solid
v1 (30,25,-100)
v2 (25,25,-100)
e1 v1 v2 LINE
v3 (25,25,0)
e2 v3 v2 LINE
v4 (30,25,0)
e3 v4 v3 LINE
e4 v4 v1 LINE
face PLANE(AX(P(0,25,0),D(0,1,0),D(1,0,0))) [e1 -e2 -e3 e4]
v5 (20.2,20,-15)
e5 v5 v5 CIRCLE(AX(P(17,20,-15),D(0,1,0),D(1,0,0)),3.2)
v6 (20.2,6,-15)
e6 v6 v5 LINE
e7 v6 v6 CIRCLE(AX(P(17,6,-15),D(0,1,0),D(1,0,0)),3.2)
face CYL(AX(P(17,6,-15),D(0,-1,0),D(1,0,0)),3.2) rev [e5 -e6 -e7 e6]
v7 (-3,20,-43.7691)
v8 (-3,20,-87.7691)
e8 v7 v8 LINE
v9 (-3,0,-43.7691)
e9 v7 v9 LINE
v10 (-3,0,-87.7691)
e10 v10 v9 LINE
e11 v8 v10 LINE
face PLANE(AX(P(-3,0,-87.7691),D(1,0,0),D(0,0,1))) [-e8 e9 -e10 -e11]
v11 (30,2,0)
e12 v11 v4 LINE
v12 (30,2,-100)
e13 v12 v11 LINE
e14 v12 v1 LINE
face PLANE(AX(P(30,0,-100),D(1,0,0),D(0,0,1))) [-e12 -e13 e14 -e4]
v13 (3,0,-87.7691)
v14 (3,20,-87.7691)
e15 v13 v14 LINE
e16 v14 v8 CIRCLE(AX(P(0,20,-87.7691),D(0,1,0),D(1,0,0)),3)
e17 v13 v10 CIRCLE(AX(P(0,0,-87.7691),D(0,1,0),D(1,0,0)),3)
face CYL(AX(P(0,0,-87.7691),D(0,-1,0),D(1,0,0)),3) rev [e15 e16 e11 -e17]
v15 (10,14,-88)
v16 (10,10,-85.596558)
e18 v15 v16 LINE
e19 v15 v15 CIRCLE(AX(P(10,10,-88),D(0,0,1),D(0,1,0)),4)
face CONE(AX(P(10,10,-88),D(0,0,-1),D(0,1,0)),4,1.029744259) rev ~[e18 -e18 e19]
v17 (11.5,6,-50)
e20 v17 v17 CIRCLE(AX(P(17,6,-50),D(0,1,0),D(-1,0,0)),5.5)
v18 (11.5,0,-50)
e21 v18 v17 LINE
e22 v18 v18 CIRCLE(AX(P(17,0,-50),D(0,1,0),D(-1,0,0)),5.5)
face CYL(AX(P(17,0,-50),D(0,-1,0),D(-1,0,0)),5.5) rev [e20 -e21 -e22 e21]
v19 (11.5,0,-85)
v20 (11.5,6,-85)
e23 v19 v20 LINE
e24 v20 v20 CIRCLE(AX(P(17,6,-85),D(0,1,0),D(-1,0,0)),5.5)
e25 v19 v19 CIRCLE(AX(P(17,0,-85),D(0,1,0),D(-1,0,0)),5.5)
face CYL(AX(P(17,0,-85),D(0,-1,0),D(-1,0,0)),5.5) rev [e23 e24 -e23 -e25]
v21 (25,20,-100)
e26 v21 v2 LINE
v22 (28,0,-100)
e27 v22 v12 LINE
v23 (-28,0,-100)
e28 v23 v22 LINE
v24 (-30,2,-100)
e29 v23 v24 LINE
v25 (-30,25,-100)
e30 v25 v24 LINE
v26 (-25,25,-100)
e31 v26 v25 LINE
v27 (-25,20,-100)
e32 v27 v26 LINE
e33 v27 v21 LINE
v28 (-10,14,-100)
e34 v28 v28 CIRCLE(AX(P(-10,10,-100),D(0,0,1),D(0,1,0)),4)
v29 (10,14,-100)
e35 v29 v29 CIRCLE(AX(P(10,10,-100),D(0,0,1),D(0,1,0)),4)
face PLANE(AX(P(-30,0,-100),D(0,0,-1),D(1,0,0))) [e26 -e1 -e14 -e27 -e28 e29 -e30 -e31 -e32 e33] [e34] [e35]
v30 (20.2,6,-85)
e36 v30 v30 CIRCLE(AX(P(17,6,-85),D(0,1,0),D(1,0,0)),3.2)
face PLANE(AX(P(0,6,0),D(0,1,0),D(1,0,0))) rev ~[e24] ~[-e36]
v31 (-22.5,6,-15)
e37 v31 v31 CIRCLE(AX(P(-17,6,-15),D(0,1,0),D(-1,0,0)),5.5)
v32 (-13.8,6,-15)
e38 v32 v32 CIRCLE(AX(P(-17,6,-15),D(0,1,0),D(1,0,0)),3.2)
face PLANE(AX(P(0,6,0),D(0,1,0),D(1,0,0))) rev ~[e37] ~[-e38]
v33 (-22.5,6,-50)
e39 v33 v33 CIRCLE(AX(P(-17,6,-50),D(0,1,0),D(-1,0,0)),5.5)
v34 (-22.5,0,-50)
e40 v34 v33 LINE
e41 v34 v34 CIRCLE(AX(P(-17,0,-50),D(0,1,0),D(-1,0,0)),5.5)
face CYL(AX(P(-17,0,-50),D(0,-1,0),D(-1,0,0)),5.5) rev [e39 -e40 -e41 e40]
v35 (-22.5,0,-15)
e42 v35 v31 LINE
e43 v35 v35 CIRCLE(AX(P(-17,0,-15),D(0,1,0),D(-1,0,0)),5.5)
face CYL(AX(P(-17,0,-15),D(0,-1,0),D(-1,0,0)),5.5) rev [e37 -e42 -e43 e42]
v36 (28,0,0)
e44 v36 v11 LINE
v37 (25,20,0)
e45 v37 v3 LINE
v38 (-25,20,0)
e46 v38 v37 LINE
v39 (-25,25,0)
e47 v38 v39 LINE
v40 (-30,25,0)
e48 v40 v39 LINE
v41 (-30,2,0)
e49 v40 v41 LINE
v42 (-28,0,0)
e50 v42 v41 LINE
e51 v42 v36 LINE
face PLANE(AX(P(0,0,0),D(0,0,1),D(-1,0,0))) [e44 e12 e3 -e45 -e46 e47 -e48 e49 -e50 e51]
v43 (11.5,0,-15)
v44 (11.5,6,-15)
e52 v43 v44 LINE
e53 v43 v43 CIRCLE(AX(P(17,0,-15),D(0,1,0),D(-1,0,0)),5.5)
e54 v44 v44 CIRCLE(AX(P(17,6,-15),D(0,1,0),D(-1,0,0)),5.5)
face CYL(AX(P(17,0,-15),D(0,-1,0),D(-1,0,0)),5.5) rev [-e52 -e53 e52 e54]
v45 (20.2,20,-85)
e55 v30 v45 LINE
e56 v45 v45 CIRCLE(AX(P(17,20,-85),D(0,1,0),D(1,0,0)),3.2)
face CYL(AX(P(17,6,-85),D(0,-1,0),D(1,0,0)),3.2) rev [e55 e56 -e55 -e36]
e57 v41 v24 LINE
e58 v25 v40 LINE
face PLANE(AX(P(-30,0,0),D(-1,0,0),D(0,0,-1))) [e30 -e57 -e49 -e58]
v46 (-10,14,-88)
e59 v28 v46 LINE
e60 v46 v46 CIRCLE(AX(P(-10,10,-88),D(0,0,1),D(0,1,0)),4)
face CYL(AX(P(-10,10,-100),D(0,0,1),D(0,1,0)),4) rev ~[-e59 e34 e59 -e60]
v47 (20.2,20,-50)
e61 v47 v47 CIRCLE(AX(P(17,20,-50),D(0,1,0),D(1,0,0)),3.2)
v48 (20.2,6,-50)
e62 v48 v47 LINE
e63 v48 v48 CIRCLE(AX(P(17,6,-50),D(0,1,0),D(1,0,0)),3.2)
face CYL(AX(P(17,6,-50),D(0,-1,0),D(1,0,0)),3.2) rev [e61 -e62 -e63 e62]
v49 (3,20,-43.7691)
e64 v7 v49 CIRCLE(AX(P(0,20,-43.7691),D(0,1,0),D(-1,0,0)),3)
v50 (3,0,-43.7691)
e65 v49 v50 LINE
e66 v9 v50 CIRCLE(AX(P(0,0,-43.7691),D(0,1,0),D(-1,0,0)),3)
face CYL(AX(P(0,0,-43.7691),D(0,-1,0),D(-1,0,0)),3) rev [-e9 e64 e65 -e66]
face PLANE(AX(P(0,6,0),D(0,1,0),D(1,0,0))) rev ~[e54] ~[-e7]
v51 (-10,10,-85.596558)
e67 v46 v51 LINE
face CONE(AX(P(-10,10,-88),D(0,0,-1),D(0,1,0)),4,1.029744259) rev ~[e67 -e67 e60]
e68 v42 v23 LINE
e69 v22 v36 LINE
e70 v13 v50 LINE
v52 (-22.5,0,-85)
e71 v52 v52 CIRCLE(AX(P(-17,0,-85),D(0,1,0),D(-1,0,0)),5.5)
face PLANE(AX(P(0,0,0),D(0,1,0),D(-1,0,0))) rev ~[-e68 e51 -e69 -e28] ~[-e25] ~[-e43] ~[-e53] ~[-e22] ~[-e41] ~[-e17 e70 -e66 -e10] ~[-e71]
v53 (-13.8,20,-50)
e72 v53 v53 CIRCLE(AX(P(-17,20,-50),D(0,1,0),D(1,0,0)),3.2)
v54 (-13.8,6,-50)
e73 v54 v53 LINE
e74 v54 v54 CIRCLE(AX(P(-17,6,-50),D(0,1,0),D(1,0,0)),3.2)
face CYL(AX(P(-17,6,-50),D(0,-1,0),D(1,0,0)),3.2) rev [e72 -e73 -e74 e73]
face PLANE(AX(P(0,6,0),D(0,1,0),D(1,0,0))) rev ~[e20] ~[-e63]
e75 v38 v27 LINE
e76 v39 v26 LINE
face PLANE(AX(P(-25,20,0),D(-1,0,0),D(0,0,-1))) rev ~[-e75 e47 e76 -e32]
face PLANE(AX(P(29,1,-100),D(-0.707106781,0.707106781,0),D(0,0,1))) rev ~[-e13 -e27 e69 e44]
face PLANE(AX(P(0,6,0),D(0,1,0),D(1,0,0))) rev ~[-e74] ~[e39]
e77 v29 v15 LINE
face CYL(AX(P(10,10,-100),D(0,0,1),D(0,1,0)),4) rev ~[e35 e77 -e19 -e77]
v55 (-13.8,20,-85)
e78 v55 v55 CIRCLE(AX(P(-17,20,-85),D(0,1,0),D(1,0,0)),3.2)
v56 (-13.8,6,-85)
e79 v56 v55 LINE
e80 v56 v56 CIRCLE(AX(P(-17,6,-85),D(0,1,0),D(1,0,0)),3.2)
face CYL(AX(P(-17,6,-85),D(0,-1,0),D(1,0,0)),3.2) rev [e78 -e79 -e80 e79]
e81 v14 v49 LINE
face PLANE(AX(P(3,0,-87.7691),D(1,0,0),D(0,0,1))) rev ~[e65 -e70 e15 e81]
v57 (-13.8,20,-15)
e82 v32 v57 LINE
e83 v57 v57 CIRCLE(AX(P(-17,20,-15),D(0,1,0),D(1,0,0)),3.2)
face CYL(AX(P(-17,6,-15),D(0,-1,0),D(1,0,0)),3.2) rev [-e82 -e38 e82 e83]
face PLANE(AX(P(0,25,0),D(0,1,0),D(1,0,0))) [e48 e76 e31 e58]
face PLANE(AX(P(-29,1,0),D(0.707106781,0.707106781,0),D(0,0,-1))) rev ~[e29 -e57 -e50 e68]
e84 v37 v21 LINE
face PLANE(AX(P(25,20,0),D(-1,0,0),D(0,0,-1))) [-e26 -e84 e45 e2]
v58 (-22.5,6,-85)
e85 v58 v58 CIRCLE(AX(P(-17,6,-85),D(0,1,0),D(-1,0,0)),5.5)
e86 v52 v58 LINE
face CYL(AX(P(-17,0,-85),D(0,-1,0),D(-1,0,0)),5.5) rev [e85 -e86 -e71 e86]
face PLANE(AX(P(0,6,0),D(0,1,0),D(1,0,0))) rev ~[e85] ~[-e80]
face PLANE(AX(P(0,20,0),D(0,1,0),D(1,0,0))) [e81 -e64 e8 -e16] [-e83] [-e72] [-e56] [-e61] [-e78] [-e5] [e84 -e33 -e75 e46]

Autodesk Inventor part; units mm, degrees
ref_plane "YZ Plane" through (0, 0, 0) normal (1, 0, 0) x (0, 1, 0)
ref_plane "XZ Plane" through (0, 0, 0) normal (0, 1, 0) x (-1, 0, 0)
ref_plane "XY Plane" through (0, 0, 0) normal (0, 0, 1) x (1, 0, 0)
sketch "Sketch1" plane through (0, 0, 0) normal (0, 1, 0) x (-1, 0, 0)
  line L0 (0, 0) -> (-30, 0)
  line L1 (0, 0) -> (30, 0)
  line L2 (30, 0) -> (30, -100)
  line L3 (30, -100) -> (-30, -100)
  line L4 (-30, -100) -> (-30, 0)
  circle A0 centre (17, -85) radius 5.5
  circle A1 centre (17, -50) radius 5.5
  circle A2 centre (17, -15) radius 5.5
  circle A3 centre (-17, -15) radius 5.5
  circle A4 centre (-17, -50) radius 5.5
  circle A5 centre (-17, -85) radius 5.5
  arc A6 (-3, -87.7691) -> (3, -87.7691) centre (0, -87.7691) ccw
  arc A7 (3, -43.7691) -> (-3, -43.7691) centre (0, -43.7691) ccw
  line L5 (3, -87.7691) -> (3, -43.7691)
  line L6 (-3, -87.7691) -> (-3, -43.7691)
  dimension "d0" = 30
  dimension "d1" = 30
  dimension "d2" = 100
  dimension "d3" = 11
  dimension "d4" = 11
  dimension "d5" = 11
  dimension "d6" = 11
  dimension "d7" = 11
  dimension "d8" = 11
  dimension "d9" = 15
  dimension "d10" = 35
  dimension "d11" = 70
  dimension "d12" = 13
  dimension "d13" = 6
  dimension "d14" = 6
  dimension "d15" = 44
  dimension "d16" = 13
extrude "Extrusion1" add sketch "Sketch1" along normal blind 6
sketch "Sketch2" plane through (0, 6, 0) normal (0, 1, 0) x (1, 0, 0)
  line L0 (-30, 100) -> (-30, 0) projected
  line L1 (30, 0) -> (30, 100) projected
  line L2 (-30, 100) -> (30, 100)
  line L3 (30, 100) -> (30, 0)
  line L4 (-30, 0) -> (30, 0) projected
  line L5 (-30, 0) -> (-30, 100)
  circle A0 centre (-17, 85) radius 3.2
  circle A1 centre (-17, 15) radius 3.2
  circle A2 centre (17, 15) radius 3.2
  circle A3 centre (17, 50) radius 3.2
  circle A4 centre (17, 85) radius 3.2
  circle A5 centre (-17, 50) radius 3.2
  line L6 (-3, 43.7691) -> (-3, 87.7691) projected
  line L7 (-3, 87.7691) -> (-3, 43.7691)
  line L8 (3, 87.7691) -> (3, 43.7691) projected
  line L9 (3, 87.7691) -> (3, 43.7691)
  arc A6 (3, 87.7691) -> (-3, 87.7691) centre (0, 87.7691) ccw
  arc A7 (-3, 43.7691) -> (3, 43.7691) centre (0, 43.7691) ccw projected
  arc A8 (-3, 43.7691) -> (3, 43.7691) centre (0, 43.7691) ccw
  point P0 (0, 0)
  dimension "d19" = 6.4
  dimension "d21" = 6.4
  dimension "d22" = 6.4
  dimension "d23" = 6.4
  dimension "d24" = 6.4
  dimension "d25" = 15
  dimension "d26" = 35
  dimension "d27" = 70
  dimension "d28" = 13
  dimension "d29" = 13
  dimension "d30" = 6.4
  dimension "d31" = 6
extrude "Extrusion2" add sketch "Sketch2" along normal blind 14
sketch "Sketch4" plane through (30, 20, -100) normal (0, 0, -1) x (-1, 0, 0)
  circle A0 centre (20, -10) radius 4
  circle A1 centre (40, -10) radius 4
  line L0 (0, 0) -> (60, 0) projected
  line L1 (0, -20) -> (0, 0) projected
  line L2 (60, -20) -> (60, 0) projected
  point P0 (30, -20)
  point P1 (0, -25)
  point P2 (60, -25)
  dimension "d43" = 8
  dimension "d44" = 8
  dimension "d45" = 10
  dimension "d46" = 20
  dimension "d47" = 20
hole "Hole1" at (-10, 10, -100) at (10, 10, -100) direction (0, 0, 1) diameter 8 depth 12 tip angle 118
sketch "Sketch5" plane through (0, 20, 0) normal (0, 1, 0) x (1, 0, 0)
  line L0 (30, 100) -> (-30, 100) projected
  line L1 (30, 0) -> (30, 100) projected
  line L2 (30, 100) -> (30, 0)
  line L3 (30, 0) -> (25, 0)
  line L4 (-30, 0) -> (30, 0) projected
  line L5 (25, 0) -> (25, 100)
  line L6 (25, 100) -> (30, 100)
  line L7 (-30, 100) -> (-30, 0) projected
  line L8 (-30, 100) -> (-30, 0)
  line L9 (-30, 0) -> (-25, 0)
  line L10 (-25, 0) -> (-25, 100)
  line L11 (-30, 100) -> (-25, 100)
  point P0 (0, 0)
  dimension "d55" = 100
  dimension "d56" = 5
  dimension "d57" = 100
  dimension "d58" = 5
extrude "Extrusion4" add sketch "Sketch5" along normal blind 5 contours L1 L3 L5 L0 | L10 L4 L7 L0
chamfer "Chamfer1" distance 2 angle 45 1 edges at (-30, 0, -50) measured on face at (27.5, 0, -50)
chamfer "Chamfer2" distance 2 angle 45 1 edges at (30, 0, -50) measured on face at (27.5, 0, -50)
properties part number "Schneidführungs"
